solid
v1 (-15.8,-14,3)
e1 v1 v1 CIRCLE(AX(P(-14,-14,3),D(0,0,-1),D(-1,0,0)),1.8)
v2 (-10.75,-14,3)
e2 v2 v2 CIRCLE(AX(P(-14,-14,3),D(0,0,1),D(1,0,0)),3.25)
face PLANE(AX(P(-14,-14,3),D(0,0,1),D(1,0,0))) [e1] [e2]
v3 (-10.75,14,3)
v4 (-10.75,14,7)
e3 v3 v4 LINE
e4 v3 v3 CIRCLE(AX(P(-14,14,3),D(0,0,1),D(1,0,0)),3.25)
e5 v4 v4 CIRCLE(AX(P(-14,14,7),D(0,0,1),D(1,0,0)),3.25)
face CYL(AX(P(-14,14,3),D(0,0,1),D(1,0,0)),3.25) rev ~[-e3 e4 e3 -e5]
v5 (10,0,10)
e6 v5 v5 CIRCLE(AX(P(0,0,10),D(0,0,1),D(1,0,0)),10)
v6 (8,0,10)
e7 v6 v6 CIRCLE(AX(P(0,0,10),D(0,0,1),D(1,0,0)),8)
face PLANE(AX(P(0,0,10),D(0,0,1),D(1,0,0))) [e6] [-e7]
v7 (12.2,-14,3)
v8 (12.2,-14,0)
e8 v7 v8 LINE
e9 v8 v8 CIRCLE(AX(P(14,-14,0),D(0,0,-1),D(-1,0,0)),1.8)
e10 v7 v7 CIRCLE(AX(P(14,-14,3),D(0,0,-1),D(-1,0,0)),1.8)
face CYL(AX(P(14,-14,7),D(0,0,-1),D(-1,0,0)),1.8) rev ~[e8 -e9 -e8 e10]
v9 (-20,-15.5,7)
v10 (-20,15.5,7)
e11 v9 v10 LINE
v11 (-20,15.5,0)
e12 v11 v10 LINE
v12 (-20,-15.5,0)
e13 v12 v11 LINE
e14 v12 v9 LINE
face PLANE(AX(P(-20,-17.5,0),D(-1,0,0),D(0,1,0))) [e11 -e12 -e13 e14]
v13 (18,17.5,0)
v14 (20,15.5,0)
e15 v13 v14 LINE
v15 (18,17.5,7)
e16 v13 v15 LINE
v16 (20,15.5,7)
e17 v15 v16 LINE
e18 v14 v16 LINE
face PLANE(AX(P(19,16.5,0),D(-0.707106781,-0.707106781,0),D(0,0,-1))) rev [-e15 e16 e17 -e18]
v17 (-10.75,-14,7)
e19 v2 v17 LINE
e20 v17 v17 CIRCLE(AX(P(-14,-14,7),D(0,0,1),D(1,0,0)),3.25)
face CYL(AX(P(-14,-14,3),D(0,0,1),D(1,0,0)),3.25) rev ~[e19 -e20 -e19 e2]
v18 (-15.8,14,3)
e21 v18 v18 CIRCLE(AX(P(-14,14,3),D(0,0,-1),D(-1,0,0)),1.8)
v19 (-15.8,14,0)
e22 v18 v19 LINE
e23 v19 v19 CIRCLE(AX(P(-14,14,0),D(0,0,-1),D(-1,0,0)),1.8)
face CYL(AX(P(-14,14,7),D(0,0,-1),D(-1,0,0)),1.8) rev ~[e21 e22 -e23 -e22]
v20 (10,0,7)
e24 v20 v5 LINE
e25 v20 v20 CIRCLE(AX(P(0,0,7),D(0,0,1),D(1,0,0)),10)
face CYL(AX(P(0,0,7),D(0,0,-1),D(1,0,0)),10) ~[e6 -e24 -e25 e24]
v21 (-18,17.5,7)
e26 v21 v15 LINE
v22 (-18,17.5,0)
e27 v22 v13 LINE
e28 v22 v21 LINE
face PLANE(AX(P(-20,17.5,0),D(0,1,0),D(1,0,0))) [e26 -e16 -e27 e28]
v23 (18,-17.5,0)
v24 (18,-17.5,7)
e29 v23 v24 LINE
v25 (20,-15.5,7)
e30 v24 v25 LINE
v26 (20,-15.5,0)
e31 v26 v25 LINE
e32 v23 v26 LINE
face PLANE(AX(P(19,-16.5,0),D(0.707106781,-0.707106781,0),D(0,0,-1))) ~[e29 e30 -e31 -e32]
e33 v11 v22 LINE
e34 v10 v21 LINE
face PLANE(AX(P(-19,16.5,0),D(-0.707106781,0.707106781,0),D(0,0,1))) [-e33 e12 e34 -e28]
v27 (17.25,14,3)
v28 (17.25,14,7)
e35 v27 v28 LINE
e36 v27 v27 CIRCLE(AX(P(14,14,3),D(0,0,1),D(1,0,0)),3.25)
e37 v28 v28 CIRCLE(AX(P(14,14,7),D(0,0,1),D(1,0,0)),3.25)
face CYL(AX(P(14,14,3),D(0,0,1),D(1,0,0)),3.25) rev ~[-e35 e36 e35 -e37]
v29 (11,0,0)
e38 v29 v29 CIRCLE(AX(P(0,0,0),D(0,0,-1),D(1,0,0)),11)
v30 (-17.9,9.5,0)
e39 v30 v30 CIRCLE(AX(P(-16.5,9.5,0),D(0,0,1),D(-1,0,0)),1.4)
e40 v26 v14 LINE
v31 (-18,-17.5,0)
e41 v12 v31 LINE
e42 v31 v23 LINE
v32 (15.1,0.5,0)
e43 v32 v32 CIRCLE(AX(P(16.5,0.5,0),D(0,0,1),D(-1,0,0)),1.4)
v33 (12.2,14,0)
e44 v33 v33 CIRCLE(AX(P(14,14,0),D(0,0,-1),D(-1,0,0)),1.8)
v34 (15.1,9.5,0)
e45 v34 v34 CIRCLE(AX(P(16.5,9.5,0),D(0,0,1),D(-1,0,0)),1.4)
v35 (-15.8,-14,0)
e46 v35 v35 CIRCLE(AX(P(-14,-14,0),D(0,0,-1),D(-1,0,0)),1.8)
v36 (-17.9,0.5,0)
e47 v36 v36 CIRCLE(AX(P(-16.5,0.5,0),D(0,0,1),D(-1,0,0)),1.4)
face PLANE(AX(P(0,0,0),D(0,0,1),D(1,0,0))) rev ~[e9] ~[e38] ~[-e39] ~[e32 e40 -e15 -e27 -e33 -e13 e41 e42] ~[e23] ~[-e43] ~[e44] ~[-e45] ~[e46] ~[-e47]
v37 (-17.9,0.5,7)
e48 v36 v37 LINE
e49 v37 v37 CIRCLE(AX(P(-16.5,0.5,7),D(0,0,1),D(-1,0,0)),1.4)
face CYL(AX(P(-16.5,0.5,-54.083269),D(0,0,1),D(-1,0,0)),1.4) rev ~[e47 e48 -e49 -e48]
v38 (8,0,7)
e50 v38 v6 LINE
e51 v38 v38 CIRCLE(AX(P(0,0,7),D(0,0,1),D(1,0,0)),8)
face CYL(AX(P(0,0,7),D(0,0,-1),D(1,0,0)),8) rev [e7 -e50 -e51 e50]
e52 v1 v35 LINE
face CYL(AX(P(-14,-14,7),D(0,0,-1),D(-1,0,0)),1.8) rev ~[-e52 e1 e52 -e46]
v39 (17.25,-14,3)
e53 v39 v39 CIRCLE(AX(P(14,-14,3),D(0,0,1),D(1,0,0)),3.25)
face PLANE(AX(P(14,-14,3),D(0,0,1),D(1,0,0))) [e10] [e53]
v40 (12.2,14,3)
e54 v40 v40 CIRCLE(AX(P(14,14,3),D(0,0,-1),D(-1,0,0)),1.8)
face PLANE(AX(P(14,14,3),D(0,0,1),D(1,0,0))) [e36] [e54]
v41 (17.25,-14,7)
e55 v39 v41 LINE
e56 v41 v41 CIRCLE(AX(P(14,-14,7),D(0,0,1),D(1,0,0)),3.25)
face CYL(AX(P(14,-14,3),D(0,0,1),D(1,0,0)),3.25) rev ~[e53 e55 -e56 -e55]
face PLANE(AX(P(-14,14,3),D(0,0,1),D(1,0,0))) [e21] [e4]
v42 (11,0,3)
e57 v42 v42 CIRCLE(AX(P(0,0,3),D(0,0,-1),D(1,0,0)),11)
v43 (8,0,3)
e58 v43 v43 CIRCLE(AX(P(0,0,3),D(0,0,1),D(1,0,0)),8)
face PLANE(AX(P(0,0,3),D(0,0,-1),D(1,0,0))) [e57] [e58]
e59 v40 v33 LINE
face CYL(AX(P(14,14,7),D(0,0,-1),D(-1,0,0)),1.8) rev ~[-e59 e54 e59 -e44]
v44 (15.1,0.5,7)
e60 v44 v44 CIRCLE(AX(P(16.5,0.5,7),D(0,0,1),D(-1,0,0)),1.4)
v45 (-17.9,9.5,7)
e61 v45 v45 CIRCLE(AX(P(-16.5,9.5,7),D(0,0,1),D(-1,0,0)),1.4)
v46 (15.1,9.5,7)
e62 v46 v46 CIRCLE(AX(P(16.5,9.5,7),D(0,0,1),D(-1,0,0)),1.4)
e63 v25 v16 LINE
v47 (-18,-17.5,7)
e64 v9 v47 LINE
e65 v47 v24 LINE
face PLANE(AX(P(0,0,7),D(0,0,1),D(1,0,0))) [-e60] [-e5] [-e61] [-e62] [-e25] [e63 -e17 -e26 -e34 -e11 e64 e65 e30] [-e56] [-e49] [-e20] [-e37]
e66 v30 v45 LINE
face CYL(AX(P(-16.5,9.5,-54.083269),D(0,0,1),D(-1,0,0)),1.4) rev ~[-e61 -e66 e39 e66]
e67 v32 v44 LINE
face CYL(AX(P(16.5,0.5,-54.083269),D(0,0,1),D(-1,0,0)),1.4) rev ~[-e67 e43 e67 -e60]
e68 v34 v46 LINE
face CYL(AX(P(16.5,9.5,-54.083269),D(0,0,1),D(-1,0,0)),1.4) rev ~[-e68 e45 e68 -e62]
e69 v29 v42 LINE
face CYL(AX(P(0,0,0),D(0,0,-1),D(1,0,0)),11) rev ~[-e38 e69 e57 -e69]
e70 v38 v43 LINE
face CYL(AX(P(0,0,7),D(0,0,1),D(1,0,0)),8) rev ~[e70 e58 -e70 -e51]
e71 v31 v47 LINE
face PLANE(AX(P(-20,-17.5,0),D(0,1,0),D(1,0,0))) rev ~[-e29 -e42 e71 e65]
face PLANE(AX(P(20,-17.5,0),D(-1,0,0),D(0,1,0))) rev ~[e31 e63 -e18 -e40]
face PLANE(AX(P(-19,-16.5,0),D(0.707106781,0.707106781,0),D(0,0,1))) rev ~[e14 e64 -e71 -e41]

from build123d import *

# Parameters (mm, degrees)
F1_W           = 40
F1_H           = 35
F2_DEPTH       = 7
F3_R           = 10
F3_R_2         = 8
F4_DEPTH       = 3
F5_DEPTH       = 7
F6_R           = 11
F7_DEPTH       = 3
F9_D           = 3.6
F9_CBORE_D     = 6.5
F9_CBORE_DEPTH = 4
F10_D          = 2.8
F11_SIZE       = 2


with BuildPart() as f2:
    # F1 (on Top) → F2 (new body)
    with BuildSketch(Plane.XY):
        Rectangle(F1_W, F1_H)
    extrude(amount=F2_DEPTH)

    # F3 (on face) → F4 (join)
    with BuildSketch(Plane.XY.offset(7)):
        Circle(F3_R)
        Circle(F3_R_2, mode=Mode.SUBTRACT)
    extrude(amount=F4_DEPTH)

    # F5 (cut, through all): a face of the model
    f5_faces = [f2.faces().sort_by_distance(p)[0] for p in [
        (0, 0, 7),
    ]]
    extrude(f5_faces, amount=-F5_DEPTH, mode=Mode.SUBTRACT)

    # F6 (on face) → F7 (cut)
    with BuildSketch(Plane(origin=(0, 0, 0), x_dir=(1, 0, 0), z_dir=(0, 0, -1))):
        Circle(F6_R)
    extrude(amount=-F7_DEPTH, mode=Mode.SUBTRACT)

    # F9 (through all)
    with Locations(Plane.XY.offset(7)):
        with Locations((-14, 14), (14, 14), (14, -14), (-14, -14)):
            CounterBoreHole(F9_D / 2, F9_CBORE_D / 2, F9_CBORE_DEPTH)

    # F10 (through all)
    with Locations(Plane(origin=(0, 0, 0), x_dir=(1, 0, 0), z_dir=(0, 0, -1))):
        with Locations((-16.5, -9.5), (-16.5, -0.5), (16.5, -9.5), (16.5, -0.5)):
            Hole(F10_D / 2)

    # F11
    f11_edges = [f2.edges().sort_by_distance(p)[0] for p in [
        (-20, 17.5, 3.5),
        (-20, -17.5, 3.5),
        (20, 17.5, 3.5),
        (20, -17.5, 3.5),
    ]]
    chamfer(f11_edges, length=F11_SIZE)


solid = f2.part
